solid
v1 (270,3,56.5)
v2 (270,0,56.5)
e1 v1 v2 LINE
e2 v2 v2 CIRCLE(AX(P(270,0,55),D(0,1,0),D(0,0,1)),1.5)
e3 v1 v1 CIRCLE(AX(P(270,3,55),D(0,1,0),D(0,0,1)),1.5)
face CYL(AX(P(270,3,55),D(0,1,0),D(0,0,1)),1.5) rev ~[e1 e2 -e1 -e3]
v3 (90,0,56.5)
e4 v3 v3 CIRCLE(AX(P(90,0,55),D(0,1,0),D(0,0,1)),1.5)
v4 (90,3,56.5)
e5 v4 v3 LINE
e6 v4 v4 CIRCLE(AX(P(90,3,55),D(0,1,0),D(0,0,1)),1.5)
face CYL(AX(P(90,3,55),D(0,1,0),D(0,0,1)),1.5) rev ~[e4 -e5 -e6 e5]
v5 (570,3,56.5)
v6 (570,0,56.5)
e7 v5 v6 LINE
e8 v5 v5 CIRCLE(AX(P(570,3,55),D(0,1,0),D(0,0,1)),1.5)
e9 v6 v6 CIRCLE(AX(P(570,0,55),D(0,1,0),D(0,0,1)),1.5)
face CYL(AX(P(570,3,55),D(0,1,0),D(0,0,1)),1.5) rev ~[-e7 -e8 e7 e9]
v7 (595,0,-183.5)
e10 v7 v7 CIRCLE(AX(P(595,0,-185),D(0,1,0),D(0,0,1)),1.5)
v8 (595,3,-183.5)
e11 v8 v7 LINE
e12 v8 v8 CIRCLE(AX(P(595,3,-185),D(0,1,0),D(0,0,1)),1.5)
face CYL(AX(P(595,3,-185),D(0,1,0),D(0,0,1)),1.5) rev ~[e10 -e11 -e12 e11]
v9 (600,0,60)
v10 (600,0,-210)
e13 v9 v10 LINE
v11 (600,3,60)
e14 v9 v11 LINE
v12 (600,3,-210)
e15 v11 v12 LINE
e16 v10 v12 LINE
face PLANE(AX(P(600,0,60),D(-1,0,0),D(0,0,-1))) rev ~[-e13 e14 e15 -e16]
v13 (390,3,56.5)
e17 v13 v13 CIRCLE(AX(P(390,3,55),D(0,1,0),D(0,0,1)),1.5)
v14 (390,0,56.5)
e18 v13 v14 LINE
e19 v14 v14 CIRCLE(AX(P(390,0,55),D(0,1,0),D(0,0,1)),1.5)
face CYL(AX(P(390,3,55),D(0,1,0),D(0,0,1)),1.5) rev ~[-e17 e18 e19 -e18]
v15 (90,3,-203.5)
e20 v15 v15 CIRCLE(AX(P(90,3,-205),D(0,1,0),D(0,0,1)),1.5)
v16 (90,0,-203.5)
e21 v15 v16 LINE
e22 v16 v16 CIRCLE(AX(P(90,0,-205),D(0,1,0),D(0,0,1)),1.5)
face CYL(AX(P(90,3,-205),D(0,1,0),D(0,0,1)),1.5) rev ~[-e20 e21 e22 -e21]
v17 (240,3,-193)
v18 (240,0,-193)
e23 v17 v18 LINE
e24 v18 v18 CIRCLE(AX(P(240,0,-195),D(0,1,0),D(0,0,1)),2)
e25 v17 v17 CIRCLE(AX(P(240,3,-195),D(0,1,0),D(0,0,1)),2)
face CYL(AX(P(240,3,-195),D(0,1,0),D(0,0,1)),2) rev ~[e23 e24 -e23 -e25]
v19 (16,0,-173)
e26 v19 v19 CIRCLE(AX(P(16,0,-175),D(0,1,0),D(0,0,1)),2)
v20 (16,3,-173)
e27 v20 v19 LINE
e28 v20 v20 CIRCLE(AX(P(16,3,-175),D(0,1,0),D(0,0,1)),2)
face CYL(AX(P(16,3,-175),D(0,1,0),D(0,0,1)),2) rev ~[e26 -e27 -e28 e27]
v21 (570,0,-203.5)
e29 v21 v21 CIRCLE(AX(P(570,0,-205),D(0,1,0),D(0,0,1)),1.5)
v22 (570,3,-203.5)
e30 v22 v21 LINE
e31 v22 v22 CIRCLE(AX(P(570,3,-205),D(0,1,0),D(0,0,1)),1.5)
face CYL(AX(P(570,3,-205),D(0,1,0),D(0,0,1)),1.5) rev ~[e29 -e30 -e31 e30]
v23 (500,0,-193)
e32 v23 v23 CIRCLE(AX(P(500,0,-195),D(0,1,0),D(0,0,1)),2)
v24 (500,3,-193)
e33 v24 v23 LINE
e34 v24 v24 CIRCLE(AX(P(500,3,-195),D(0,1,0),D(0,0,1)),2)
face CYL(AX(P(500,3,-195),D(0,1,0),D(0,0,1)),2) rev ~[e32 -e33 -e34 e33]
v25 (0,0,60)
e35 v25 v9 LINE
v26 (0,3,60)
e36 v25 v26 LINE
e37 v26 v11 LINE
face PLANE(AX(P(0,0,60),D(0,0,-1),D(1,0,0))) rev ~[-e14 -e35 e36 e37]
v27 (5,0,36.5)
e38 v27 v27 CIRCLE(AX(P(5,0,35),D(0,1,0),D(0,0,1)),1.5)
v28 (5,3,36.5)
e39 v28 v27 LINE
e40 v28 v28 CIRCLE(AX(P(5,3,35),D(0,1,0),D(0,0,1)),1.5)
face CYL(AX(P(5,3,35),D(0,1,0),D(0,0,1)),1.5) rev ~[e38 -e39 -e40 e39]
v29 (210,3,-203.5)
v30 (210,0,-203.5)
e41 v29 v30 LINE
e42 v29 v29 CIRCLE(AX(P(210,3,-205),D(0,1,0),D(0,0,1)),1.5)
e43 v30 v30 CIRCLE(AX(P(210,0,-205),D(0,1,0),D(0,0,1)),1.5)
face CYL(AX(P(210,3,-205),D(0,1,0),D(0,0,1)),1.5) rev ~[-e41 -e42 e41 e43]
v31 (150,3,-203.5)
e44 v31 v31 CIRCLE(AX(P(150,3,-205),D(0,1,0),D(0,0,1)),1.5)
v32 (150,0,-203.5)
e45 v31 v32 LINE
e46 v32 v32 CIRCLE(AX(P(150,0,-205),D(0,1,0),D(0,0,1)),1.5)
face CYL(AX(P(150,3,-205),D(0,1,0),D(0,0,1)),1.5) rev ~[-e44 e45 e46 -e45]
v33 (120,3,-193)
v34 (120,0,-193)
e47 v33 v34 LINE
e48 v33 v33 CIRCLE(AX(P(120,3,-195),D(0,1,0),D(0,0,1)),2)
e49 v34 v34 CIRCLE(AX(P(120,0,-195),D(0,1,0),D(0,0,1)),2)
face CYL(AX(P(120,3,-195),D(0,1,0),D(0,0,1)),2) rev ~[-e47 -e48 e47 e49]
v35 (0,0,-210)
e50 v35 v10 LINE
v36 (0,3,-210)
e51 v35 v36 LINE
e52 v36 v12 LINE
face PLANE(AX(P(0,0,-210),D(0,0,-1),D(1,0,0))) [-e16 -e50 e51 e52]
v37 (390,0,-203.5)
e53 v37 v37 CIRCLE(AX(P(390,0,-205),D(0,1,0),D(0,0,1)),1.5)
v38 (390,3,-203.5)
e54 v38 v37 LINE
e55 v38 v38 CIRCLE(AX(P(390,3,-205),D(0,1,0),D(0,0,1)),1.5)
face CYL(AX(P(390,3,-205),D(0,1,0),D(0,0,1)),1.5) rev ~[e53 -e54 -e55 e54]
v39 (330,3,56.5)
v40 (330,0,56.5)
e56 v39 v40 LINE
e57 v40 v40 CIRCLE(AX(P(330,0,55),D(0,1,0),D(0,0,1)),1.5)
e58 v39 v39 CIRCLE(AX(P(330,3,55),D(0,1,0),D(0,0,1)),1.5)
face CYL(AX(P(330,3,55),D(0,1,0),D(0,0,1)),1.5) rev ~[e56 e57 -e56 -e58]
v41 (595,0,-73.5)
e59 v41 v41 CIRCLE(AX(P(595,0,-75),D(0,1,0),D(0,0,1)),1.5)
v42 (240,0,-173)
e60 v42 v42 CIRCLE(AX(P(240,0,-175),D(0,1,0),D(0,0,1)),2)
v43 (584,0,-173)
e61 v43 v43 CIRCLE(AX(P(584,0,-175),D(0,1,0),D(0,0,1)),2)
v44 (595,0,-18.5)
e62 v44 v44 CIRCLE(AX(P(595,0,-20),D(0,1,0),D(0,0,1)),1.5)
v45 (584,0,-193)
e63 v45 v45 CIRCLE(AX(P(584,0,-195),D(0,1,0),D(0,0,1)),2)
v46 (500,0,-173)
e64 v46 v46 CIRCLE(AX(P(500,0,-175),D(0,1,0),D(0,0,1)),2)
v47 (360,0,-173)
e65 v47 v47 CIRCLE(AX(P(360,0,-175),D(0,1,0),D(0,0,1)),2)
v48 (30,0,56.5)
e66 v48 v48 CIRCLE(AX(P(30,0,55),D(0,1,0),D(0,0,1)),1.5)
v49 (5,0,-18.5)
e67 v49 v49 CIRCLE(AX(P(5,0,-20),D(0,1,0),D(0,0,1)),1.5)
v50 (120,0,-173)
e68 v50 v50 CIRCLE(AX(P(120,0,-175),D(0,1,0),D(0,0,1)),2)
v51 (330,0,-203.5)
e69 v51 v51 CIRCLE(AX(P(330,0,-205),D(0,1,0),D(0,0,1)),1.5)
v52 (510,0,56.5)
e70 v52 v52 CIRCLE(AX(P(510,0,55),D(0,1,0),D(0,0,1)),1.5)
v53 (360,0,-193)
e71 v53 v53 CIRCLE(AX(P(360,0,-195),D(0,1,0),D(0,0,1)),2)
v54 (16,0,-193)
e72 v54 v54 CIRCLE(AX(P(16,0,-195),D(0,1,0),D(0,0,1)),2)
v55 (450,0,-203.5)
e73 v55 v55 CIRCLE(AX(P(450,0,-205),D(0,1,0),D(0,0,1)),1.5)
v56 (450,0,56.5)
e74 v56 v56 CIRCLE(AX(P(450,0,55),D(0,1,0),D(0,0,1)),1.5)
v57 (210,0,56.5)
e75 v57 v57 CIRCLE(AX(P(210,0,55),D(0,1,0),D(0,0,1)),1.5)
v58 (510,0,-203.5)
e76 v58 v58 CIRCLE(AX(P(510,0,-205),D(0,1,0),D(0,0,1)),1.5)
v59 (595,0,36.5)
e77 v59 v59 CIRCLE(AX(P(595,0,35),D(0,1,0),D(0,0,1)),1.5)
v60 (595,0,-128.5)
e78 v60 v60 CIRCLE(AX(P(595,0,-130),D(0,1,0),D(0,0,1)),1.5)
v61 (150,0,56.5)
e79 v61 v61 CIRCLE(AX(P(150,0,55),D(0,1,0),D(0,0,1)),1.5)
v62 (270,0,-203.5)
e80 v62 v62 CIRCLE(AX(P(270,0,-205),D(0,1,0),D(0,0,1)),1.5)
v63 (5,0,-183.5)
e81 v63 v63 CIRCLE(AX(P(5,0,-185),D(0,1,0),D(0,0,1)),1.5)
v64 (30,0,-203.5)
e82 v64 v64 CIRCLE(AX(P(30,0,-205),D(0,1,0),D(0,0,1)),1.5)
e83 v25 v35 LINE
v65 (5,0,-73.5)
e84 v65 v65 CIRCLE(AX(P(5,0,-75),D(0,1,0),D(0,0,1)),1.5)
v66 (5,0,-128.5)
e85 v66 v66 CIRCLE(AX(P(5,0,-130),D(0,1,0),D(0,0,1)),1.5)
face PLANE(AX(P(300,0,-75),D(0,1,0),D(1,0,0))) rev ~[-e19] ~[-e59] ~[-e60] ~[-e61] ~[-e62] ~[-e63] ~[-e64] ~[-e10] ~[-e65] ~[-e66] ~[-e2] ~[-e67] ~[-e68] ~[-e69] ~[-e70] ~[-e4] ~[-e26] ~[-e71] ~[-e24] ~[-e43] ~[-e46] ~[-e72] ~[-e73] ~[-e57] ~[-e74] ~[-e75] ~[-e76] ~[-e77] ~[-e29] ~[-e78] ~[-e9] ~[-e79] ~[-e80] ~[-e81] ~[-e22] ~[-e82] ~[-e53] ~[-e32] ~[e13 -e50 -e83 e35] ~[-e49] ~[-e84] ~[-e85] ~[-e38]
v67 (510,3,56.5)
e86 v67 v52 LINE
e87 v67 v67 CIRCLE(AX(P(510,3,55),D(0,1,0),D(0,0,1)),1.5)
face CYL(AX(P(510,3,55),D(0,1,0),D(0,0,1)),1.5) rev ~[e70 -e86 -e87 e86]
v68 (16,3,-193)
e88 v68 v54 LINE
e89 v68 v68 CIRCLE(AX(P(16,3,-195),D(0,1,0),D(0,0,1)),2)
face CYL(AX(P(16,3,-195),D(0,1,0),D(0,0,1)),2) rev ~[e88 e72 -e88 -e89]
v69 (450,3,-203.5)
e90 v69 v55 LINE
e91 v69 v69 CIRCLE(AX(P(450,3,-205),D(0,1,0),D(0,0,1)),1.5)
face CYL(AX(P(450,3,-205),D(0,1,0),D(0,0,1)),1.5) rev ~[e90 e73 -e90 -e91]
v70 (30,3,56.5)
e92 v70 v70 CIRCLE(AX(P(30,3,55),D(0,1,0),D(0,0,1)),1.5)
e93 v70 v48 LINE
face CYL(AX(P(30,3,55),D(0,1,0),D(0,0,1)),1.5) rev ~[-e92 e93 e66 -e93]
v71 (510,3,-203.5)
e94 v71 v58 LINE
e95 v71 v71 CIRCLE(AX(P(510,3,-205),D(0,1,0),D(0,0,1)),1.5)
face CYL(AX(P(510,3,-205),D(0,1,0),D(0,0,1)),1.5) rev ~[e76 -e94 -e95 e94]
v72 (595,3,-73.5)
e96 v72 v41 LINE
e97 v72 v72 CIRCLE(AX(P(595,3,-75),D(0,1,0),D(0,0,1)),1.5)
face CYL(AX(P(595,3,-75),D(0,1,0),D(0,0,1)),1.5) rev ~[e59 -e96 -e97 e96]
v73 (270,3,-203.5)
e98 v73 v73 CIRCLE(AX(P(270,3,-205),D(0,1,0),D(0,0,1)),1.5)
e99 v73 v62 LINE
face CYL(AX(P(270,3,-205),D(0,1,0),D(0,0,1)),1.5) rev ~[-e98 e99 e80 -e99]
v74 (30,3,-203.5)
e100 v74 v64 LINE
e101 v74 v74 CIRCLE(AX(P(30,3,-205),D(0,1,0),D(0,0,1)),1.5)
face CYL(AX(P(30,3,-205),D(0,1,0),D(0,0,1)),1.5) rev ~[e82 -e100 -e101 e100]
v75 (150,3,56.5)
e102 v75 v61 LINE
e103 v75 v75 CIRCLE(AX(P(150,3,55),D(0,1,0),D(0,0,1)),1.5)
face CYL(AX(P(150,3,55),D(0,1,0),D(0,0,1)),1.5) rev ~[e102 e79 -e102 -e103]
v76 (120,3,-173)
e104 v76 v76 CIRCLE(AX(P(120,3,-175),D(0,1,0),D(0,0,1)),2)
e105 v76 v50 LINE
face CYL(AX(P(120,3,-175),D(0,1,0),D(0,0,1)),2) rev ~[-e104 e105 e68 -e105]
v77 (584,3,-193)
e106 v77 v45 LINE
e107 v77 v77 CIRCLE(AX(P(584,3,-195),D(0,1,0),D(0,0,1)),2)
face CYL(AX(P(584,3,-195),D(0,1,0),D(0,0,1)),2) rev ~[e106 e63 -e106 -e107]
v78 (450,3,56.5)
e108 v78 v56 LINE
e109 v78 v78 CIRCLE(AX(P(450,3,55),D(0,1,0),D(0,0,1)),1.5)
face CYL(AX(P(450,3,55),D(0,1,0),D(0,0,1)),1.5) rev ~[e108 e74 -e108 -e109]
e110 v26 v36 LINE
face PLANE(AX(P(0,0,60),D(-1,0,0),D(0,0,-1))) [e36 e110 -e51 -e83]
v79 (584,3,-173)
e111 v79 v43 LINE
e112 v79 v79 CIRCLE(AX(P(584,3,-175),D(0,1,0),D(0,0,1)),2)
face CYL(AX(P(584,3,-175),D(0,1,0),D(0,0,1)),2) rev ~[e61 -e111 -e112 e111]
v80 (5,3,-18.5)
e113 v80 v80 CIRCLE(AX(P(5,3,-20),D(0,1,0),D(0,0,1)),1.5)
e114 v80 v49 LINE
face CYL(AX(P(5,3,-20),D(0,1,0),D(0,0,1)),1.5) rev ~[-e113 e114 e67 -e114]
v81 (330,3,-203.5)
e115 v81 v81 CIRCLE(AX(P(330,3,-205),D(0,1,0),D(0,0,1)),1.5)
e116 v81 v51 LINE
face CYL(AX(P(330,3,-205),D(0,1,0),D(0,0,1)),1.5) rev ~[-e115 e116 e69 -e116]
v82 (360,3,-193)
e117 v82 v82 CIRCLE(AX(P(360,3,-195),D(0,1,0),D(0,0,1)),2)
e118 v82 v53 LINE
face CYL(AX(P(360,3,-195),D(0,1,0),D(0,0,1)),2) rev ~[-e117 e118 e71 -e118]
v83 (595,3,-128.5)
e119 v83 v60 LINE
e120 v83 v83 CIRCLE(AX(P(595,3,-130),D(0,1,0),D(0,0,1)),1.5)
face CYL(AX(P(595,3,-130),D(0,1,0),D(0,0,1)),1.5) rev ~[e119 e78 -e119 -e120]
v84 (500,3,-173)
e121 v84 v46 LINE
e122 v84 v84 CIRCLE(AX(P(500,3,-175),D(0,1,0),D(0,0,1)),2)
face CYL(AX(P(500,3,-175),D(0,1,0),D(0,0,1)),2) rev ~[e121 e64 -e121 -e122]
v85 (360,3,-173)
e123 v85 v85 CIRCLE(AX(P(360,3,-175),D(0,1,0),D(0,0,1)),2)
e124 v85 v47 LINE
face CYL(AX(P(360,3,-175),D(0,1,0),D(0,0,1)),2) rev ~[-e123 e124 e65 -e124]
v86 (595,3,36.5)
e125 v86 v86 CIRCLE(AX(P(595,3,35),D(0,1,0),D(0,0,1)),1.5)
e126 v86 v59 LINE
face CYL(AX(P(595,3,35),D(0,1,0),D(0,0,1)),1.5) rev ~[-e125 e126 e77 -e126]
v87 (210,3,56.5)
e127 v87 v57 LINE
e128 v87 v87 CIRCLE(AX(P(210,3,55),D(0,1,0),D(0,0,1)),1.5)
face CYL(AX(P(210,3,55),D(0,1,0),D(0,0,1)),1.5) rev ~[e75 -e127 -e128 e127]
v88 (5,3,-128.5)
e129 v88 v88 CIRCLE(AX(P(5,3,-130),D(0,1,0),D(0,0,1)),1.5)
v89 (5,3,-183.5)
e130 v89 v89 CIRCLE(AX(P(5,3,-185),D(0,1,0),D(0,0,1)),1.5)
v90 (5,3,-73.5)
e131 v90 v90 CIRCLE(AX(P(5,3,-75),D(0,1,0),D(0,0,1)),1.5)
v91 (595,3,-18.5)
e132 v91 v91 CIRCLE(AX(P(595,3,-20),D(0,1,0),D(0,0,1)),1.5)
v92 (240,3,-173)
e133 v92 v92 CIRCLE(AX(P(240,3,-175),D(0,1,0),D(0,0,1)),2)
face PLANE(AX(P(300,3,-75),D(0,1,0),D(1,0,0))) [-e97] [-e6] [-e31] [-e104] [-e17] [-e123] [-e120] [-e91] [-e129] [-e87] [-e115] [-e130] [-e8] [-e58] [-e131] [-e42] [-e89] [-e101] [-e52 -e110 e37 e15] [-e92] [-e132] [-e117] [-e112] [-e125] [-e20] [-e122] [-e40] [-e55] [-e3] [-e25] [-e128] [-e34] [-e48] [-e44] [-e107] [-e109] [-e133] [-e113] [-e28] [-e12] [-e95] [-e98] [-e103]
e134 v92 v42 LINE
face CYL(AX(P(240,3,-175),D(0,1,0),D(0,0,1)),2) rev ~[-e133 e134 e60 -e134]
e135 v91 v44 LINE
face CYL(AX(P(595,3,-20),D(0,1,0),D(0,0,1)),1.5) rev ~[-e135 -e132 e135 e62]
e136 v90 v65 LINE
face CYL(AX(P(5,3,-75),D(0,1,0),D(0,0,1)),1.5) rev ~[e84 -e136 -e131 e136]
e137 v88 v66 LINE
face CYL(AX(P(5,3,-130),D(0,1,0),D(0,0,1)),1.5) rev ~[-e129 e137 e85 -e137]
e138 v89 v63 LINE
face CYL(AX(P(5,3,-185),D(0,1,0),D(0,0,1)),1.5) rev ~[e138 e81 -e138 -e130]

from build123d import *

# Parameters (mm, degrees)
SKETCH1_W           = 600
SKETCH1_H           = 270
EXTRUDE1_DEPTH      = 3
SKETCH17_R          = 2
CUT_EXTRUDE10_DEPTH = 636.695681911
SKETCH18_R          = 1.5
CUT_EXTRUDE11_DEPTH = 636.695681911
LPATTERN1_COUNT     = 10
LPATTERN1_PITCH     = 60
SKETCH19_R          = 1.5
CUT_EXTRUDE12_DEPTH = 636.695681911


with BuildPart() as part:
    # Sketch1 → Extrude1 (new body)
    with BuildSketch(Plane(origin=(0, 0, 0), x_dir=(1, 0, 0), z_dir=(0, 1, 0))):
        with Locations((300, 75)):
            Rectangle(SKETCH1_W, SKETCH1_H)
    extrude(amount=EXTRUDE1_DEPTH)

    # Sketch17 → Cut-Extrude10 (cut, through all)
    with BuildSketch(Plane(origin=(0, 3, 0), x_dir=(-1, 0, 0), z_dir=(0, 1, 0))):
        with Locations(Location((-16, -195, 0), (0, 0, 90))):
            Circle(SKETCH17_R)
        with Locations(Location((-16, -175, 0), (0, 0, 90))):
            Circle(SKETCH17_R)
        with Locations(Location((-584, -195, 0), (0, 0, 90))):
            Circle(SKETCH17_R)
        with Locations(Location((-584, -175, 0), (0, 0, 90))):
            Circle(SKETCH17_R)
        with Locations(Location((-120, -195, 0), (0, 0, 90))):
            Circle(SKETCH17_R)
        with Locations(Location((-120, -175, 0), (0, 0, 90))):
            Circle(SKETCH17_R)
        with Locations(Location((-240, -195, 0), (0, 0, 90))):
            Circle(SKETCH17_R)
        with Locations(Location((-240, -175, 0), (0, 0, 90))):
            Circle(SKETCH17_R)
        with Locations(Location((-360, -195, 0), (0, 0, 90))):
            Circle(SKETCH17_R)
        with Locations(Location((-360, -175, 0), (0, 0, 90))):
            Circle(SKETCH17_R)
        with Locations(Location((-500, -195, 0), (0, 0, 90))):
            Circle(SKETCH17_R)
        with Locations(Location((-500, -175, 0), (0, 0, 90))):
            Circle(SKETCH17_R)
    extrude(amount=-CUT_EXTRUDE10_DEPTH, mode=Mode.SUBTRACT)

    # Sketch18 → Cut-Extrude11 (cut, through all)
    with BuildSketch(Plane(origin=(0, 3, 0), x_dir=(-1, 0, 0), z_dir=(0, 1, 0))):
        with Locations(Location((-30, 55, 0), (0, 0, 90))):
            Circle(SKETCH18_R)
        with Locations(Location((-30, -205, 0), (0, 0, 90))):
            Circle(SKETCH18_R)
    cut_extrude11 = extrude(amount=-CUT_EXTRUDE11_DEPTH, mode=Mode.SUBTRACT)

    # LPattern1: Cut-Extrude11 ×10
    with Locations(*[(i * LPATTERN1_PITCH, 0, 0) for i in range(1, LPATTERN1_COUNT)]):
        add(cut_extrude11, mode=Mode.SUBTRACT)

    # Sketch19 → Cut-Extrude12 (cut, through all)
    with BuildSketch(Plane(origin=(0, 3, 0), x_dir=(-1, 0, 0), z_dir=(0, 1, 0))):
        with Locations(Location((-5, -185, 0), (0, 0, 90))):
            Circle(SKETCH19_R)
        with Locations(Location((-5, -130, 0), (0, 0, 90))):
            Circle(SKETCH19_R)
        with Locations(Location((-5, -75, 0), (0, 0, 90))):
            Circle(SKETCH19_R)
        with Locations(Location((-5, -20, 0), (0, 0, 90))):
            Circle(SKETCH19_R)
        with Locations(Location((-595, -185, 0), (0, 0, 90))):
            Circle(SKETCH19_R)
        with Locations(Location((-595, -130, 0), (0, 0, 90))):
            Circle(SKETCH19_R)
        with Locations(Location((-595, -75, 0), (0, 0, 90))):
            Circle(SKETCH19_R)
        with Locations(Location((-595, -20, 0), (0, 0, 90))):
            Circle(SKETCH19_R)
        with Locations(Location((-5, 35, 0), (0, 0, 90))):
            Circle(SKETCH19_R)
        with Locations(Location((-595, 35, 0), (0, 0, 90))):
            Circle(SKETCH19_R)
    extrude(amount=-CUT_EXTRUDE12_DEPTH, mode=Mode.SUBTRACT)


solid = part.part
